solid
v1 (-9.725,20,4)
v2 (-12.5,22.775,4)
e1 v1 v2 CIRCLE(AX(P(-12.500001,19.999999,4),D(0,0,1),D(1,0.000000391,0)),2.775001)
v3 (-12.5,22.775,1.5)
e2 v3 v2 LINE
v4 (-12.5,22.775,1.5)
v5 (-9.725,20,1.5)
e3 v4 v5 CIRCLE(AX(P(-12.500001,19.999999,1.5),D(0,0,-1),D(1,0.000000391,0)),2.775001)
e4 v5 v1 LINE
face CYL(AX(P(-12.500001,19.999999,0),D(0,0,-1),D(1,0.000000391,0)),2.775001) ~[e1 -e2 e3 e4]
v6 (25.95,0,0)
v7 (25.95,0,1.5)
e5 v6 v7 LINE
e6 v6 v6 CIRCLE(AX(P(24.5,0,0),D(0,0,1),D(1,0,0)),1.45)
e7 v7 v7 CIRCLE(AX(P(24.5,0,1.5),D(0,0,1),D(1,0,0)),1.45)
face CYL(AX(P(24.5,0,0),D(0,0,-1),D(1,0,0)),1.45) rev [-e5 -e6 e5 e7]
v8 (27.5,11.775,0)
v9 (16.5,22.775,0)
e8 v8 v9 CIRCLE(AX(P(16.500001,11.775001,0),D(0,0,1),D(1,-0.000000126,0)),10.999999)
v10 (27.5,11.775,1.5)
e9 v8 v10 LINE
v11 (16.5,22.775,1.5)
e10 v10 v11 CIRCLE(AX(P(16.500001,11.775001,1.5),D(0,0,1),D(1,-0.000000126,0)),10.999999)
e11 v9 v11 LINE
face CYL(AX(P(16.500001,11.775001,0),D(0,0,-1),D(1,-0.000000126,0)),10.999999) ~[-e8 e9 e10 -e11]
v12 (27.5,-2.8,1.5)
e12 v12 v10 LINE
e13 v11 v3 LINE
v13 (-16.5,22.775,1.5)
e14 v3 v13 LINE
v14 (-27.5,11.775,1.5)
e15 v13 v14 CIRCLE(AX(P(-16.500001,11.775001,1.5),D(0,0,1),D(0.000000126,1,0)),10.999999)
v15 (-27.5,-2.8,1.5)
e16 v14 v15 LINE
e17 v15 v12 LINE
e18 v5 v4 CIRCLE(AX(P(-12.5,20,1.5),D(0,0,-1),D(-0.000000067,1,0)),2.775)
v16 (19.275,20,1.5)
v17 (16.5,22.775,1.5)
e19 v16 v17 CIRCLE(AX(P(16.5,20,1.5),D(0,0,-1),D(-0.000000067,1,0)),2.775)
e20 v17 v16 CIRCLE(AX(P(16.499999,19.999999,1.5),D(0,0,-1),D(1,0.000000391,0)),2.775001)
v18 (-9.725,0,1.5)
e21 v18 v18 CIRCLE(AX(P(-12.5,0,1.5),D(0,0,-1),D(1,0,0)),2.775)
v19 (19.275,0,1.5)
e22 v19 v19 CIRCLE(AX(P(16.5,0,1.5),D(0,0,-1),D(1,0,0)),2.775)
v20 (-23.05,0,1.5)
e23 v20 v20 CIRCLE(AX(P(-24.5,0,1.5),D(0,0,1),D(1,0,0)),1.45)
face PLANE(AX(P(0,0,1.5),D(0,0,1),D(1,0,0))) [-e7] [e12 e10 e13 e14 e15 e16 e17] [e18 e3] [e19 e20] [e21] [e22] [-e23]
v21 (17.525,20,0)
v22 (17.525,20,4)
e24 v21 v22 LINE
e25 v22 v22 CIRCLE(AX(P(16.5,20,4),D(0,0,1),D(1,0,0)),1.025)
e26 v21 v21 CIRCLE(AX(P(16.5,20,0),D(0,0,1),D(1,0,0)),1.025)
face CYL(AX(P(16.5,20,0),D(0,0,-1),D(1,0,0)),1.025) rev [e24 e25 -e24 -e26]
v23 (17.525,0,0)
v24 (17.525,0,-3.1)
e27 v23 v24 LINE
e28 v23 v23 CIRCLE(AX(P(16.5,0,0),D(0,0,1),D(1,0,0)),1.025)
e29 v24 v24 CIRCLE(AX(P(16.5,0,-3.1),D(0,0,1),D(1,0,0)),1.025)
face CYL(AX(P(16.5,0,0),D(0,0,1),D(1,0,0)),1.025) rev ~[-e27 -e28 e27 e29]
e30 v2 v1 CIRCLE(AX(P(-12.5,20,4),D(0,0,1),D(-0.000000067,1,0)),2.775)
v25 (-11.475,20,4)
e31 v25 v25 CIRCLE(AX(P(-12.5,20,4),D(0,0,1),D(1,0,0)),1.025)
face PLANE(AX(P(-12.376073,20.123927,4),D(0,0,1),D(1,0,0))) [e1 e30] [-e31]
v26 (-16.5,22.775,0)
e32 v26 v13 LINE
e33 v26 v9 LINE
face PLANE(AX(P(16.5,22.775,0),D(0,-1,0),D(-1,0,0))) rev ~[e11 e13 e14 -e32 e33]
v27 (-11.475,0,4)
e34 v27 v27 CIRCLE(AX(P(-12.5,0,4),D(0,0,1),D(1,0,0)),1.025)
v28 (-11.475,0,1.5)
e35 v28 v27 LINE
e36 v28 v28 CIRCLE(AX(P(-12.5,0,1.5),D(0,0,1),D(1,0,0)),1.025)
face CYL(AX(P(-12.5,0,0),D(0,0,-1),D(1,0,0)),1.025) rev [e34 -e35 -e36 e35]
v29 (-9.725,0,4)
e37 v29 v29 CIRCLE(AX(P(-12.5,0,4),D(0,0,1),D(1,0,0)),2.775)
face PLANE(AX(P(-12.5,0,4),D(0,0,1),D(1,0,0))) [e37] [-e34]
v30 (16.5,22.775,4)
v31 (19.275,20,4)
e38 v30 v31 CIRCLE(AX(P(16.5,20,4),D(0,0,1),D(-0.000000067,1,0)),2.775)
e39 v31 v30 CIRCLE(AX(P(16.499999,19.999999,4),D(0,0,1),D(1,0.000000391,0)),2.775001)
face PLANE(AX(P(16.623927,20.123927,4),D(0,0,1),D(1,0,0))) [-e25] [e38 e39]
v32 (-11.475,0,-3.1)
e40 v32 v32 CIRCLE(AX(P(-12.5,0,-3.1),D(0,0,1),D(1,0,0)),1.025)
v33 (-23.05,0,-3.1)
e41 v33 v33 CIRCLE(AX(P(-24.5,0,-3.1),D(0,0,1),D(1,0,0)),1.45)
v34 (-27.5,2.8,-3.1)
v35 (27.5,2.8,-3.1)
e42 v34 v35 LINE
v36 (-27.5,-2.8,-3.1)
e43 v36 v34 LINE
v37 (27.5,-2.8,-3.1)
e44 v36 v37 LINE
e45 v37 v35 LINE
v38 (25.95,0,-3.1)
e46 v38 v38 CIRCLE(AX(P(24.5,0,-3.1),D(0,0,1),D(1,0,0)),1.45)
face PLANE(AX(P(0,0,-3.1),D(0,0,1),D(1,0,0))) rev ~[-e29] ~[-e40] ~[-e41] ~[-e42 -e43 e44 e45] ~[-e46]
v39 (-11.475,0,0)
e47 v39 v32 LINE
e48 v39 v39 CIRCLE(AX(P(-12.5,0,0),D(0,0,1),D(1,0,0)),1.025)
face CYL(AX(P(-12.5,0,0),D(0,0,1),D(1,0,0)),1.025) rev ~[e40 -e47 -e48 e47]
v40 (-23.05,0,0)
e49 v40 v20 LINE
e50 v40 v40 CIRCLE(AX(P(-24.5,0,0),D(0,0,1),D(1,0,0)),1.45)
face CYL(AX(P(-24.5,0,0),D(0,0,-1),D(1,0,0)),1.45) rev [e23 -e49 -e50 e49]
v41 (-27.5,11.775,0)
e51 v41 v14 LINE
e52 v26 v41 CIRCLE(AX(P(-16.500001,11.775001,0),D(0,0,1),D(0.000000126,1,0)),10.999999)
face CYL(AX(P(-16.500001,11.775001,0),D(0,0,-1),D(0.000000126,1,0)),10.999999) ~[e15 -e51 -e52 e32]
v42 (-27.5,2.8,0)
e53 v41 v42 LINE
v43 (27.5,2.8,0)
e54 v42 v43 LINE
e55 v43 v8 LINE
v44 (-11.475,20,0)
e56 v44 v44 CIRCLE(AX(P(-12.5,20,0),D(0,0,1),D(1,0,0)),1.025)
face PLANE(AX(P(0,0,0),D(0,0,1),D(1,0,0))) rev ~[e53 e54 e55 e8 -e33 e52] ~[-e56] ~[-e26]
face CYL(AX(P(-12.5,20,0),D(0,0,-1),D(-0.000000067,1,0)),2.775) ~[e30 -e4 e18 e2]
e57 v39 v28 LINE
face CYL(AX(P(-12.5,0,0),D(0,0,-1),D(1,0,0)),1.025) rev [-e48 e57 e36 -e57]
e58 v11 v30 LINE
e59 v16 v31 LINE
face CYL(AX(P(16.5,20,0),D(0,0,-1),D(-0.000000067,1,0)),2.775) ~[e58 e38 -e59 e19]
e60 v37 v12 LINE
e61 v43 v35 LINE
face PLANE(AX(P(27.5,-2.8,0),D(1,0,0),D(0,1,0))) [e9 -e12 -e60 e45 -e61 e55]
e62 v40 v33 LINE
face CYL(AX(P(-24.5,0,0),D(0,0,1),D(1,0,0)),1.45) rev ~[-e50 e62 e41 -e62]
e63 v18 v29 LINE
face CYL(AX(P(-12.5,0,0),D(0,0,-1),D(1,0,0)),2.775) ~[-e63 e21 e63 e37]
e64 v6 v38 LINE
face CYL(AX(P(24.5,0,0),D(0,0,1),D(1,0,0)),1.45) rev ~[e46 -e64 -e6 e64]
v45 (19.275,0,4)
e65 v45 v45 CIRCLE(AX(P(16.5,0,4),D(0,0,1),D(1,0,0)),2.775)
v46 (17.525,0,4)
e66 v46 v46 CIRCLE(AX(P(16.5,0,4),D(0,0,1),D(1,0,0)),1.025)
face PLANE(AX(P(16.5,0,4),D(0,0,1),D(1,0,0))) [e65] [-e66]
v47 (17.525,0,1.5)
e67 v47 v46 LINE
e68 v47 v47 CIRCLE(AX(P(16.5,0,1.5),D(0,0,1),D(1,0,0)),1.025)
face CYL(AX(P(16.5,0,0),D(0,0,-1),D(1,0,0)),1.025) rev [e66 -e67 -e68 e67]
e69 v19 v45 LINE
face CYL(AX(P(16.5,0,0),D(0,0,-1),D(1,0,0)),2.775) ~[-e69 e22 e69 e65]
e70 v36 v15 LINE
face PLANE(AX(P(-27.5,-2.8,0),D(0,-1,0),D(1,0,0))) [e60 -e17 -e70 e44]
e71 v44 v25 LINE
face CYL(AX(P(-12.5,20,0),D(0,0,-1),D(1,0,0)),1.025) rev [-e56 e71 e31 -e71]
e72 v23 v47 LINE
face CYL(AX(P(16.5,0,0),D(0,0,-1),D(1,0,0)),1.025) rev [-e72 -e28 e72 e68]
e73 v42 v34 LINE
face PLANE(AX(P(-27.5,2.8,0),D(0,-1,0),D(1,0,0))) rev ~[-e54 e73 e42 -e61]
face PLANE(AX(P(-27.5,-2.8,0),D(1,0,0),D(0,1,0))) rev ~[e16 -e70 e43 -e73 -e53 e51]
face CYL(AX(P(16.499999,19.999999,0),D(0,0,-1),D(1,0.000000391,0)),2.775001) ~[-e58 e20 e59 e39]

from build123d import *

# Parameters (mm, degrees)
F0_W     = 55
F0_H     = 5.6
F0_R     = 1.45
F0_R_2   = 2.775
F0_R_3   = 1.025
F1_DEPTH = 1.5
F2_DEPTH = 3.1
F3_DEPTH = 4


with BuildPart() as f1:
    # F0 (on Top) → F1 (new body)
    with BuildSketch(Plane.XY):
        Rectangle(F0_W, F0_H)
        with Locations((-24.5, 0)):
            Circle(F0_R, mode=Mode.SUBTRACT)
        with Locations((-12.5, 0)):
            Circle(F0_R_2, mode=Mode.SUBTRACT)
        with Locations((16.5, 0)):
            Circle(F0_R_2, mode=Mode.SUBTRACT)
        with Locations((24.5, 0)):
            Circle(F0_R, mode=Mode.SUBTRACT)
        with BuildLine():
            Line((-27.5, 11.775), (-27.5, 2.8))
            Line((-27.5, 2.8), (27.5, 2.8))
            Line((27.5, 2.8), (27.5, 11.775))
            ThreePointArc((27.5, 11.775), (24.278175, 19.553175), (16.5, 22.775))
            Line((16.5, 22.775), (-12.5, 22.775))
            Line((-12.5, 22.775), (-16.5, 22.775))
            ThreePointArc((-16.5, 22.775), (-24.278175, 19.553175), (-27.5, 11.775))
        make_face()
        with BuildLine():
            ThreePointArc((-9.725, 20), (-14.462221, 18.037779), (-12.5, 22.775))
            ThreePointArc((-12.5, 22.775), (-10.537779, 21.962221), (-9.725, 20))
        make_face(mode=Mode.SUBTRACT)
        with BuildLine():
            ThreePointArc((19.275, 20), (14.537779, 18.037779), (16.5, 22.775))
            ThreePointArc((16.5, 22.775), (18.462221, 21.962221), (19.275, 20))
        make_face(mode=Mode.SUBTRACT)
        with BuildLine():
            ThreePointArc((19.275, 20), (18.462221, 21.962221), (16.5, 22.775))
            ThreePointArc((16.5, 22.775), (14.537779, 18.037779), (19.275, 20))
        make_face()
        with Locations((16.5, 20)):
            Circle(F0_R_3, mode=Mode.SUBTRACT)
        with BuildLine():
            ThreePointArc((-9.725, 20), (-10.537779, 21.962221), (-12.5, 22.775))
            ThreePointArc((-12.5, 22.775), (-14.462221, 18.037779), (-9.725, 20))
        make_face()
        with Locations((-12.5, 20)):
            Circle(F0_R_3, mode=Mode.SUBTRACT)
        with Locations((16.5, 0)):
            Circle(F0_R_2)
        with Locations((16.5, 0)):
            Circle(F0_R_3, mode=Mode.SUBTRACT)
        with Locations((-12.5, 0)):
            Circle(F0_R_2)
        with Locations((-12.5, 0)):
            Circle(F0_R_3, mode=Mode.SUBTRACT)
    extrude(amount=F1_DEPTH)

    # F0 (on Top) → F2 (join)
    with BuildSketch(Plane.XY):
        Rectangle(F0_W, F0_H)
        with Locations((-24.5, 0)):
            Circle(F0_R, mode=Mode.SUBTRACT)
        with Locations((-12.5, 0)):
            Circle(F0_R_2, mode=Mode.SUBTRACT)
        with Locations((16.5, 0)):
            Circle(F0_R_2, mode=Mode.SUBTRACT)
        with Locations((24.5, 0)):
            Circle(F0_R, mode=Mode.SUBTRACT)
        with Locations((-12.5, 0)):
            Circle(F0_R_2)
        with Locations((-12.5, 0)):
            Circle(F0_R_3, mode=Mode.SUBTRACT)
        with Locations((16.5, 0)):
            Circle(F0_R_2)
        with Locations((16.5, 0)):
            Circle(F0_R_3, mode=Mode.SUBTRACT)
    extrude(amount=-F2_DEPTH)

    # F0 (on Top) → F3 (join)
    with BuildSketch(Plane.XY):
        with BuildLine():
            ThreePointArc((19.275, 20), (18.462221, 21.962221), (16.5, 22.775))
            ThreePointArc((16.5, 22.775), (14.537779, 18.037779), (19.275, 20))
        make_face()
        with Locations((16.5, 20)):
            Circle(F0_R_3, mode=Mode.SUBTRACT)
        with BuildLine():
            ThreePointArc((-9.725, 20), (-10.537779, 21.962221), (-12.5, 22.775))
            ThreePointArc((-12.5, 22.775), (-14.462221, 18.037779), (-9.725, 20))
        make_face()
        with Locations((-12.5, 20)):
            Circle(F0_R_3, mode=Mode.SUBTRACT)
        with Locations((16.5, 0)):
            Circle(F0_R_2)
        with Locations((16.5, 0)):
            Circle(F0_R_3, mode=Mode.SUBTRACT)
        with Locations((-12.5, 0)):
            Circle(F0_R_2)
        with Locations((-12.5, 0)):
            Circle(F0_R_3, mode=Mode.SUBTRACT)
    extrude(amount=F3_DEPTH)


solid = f1.part
